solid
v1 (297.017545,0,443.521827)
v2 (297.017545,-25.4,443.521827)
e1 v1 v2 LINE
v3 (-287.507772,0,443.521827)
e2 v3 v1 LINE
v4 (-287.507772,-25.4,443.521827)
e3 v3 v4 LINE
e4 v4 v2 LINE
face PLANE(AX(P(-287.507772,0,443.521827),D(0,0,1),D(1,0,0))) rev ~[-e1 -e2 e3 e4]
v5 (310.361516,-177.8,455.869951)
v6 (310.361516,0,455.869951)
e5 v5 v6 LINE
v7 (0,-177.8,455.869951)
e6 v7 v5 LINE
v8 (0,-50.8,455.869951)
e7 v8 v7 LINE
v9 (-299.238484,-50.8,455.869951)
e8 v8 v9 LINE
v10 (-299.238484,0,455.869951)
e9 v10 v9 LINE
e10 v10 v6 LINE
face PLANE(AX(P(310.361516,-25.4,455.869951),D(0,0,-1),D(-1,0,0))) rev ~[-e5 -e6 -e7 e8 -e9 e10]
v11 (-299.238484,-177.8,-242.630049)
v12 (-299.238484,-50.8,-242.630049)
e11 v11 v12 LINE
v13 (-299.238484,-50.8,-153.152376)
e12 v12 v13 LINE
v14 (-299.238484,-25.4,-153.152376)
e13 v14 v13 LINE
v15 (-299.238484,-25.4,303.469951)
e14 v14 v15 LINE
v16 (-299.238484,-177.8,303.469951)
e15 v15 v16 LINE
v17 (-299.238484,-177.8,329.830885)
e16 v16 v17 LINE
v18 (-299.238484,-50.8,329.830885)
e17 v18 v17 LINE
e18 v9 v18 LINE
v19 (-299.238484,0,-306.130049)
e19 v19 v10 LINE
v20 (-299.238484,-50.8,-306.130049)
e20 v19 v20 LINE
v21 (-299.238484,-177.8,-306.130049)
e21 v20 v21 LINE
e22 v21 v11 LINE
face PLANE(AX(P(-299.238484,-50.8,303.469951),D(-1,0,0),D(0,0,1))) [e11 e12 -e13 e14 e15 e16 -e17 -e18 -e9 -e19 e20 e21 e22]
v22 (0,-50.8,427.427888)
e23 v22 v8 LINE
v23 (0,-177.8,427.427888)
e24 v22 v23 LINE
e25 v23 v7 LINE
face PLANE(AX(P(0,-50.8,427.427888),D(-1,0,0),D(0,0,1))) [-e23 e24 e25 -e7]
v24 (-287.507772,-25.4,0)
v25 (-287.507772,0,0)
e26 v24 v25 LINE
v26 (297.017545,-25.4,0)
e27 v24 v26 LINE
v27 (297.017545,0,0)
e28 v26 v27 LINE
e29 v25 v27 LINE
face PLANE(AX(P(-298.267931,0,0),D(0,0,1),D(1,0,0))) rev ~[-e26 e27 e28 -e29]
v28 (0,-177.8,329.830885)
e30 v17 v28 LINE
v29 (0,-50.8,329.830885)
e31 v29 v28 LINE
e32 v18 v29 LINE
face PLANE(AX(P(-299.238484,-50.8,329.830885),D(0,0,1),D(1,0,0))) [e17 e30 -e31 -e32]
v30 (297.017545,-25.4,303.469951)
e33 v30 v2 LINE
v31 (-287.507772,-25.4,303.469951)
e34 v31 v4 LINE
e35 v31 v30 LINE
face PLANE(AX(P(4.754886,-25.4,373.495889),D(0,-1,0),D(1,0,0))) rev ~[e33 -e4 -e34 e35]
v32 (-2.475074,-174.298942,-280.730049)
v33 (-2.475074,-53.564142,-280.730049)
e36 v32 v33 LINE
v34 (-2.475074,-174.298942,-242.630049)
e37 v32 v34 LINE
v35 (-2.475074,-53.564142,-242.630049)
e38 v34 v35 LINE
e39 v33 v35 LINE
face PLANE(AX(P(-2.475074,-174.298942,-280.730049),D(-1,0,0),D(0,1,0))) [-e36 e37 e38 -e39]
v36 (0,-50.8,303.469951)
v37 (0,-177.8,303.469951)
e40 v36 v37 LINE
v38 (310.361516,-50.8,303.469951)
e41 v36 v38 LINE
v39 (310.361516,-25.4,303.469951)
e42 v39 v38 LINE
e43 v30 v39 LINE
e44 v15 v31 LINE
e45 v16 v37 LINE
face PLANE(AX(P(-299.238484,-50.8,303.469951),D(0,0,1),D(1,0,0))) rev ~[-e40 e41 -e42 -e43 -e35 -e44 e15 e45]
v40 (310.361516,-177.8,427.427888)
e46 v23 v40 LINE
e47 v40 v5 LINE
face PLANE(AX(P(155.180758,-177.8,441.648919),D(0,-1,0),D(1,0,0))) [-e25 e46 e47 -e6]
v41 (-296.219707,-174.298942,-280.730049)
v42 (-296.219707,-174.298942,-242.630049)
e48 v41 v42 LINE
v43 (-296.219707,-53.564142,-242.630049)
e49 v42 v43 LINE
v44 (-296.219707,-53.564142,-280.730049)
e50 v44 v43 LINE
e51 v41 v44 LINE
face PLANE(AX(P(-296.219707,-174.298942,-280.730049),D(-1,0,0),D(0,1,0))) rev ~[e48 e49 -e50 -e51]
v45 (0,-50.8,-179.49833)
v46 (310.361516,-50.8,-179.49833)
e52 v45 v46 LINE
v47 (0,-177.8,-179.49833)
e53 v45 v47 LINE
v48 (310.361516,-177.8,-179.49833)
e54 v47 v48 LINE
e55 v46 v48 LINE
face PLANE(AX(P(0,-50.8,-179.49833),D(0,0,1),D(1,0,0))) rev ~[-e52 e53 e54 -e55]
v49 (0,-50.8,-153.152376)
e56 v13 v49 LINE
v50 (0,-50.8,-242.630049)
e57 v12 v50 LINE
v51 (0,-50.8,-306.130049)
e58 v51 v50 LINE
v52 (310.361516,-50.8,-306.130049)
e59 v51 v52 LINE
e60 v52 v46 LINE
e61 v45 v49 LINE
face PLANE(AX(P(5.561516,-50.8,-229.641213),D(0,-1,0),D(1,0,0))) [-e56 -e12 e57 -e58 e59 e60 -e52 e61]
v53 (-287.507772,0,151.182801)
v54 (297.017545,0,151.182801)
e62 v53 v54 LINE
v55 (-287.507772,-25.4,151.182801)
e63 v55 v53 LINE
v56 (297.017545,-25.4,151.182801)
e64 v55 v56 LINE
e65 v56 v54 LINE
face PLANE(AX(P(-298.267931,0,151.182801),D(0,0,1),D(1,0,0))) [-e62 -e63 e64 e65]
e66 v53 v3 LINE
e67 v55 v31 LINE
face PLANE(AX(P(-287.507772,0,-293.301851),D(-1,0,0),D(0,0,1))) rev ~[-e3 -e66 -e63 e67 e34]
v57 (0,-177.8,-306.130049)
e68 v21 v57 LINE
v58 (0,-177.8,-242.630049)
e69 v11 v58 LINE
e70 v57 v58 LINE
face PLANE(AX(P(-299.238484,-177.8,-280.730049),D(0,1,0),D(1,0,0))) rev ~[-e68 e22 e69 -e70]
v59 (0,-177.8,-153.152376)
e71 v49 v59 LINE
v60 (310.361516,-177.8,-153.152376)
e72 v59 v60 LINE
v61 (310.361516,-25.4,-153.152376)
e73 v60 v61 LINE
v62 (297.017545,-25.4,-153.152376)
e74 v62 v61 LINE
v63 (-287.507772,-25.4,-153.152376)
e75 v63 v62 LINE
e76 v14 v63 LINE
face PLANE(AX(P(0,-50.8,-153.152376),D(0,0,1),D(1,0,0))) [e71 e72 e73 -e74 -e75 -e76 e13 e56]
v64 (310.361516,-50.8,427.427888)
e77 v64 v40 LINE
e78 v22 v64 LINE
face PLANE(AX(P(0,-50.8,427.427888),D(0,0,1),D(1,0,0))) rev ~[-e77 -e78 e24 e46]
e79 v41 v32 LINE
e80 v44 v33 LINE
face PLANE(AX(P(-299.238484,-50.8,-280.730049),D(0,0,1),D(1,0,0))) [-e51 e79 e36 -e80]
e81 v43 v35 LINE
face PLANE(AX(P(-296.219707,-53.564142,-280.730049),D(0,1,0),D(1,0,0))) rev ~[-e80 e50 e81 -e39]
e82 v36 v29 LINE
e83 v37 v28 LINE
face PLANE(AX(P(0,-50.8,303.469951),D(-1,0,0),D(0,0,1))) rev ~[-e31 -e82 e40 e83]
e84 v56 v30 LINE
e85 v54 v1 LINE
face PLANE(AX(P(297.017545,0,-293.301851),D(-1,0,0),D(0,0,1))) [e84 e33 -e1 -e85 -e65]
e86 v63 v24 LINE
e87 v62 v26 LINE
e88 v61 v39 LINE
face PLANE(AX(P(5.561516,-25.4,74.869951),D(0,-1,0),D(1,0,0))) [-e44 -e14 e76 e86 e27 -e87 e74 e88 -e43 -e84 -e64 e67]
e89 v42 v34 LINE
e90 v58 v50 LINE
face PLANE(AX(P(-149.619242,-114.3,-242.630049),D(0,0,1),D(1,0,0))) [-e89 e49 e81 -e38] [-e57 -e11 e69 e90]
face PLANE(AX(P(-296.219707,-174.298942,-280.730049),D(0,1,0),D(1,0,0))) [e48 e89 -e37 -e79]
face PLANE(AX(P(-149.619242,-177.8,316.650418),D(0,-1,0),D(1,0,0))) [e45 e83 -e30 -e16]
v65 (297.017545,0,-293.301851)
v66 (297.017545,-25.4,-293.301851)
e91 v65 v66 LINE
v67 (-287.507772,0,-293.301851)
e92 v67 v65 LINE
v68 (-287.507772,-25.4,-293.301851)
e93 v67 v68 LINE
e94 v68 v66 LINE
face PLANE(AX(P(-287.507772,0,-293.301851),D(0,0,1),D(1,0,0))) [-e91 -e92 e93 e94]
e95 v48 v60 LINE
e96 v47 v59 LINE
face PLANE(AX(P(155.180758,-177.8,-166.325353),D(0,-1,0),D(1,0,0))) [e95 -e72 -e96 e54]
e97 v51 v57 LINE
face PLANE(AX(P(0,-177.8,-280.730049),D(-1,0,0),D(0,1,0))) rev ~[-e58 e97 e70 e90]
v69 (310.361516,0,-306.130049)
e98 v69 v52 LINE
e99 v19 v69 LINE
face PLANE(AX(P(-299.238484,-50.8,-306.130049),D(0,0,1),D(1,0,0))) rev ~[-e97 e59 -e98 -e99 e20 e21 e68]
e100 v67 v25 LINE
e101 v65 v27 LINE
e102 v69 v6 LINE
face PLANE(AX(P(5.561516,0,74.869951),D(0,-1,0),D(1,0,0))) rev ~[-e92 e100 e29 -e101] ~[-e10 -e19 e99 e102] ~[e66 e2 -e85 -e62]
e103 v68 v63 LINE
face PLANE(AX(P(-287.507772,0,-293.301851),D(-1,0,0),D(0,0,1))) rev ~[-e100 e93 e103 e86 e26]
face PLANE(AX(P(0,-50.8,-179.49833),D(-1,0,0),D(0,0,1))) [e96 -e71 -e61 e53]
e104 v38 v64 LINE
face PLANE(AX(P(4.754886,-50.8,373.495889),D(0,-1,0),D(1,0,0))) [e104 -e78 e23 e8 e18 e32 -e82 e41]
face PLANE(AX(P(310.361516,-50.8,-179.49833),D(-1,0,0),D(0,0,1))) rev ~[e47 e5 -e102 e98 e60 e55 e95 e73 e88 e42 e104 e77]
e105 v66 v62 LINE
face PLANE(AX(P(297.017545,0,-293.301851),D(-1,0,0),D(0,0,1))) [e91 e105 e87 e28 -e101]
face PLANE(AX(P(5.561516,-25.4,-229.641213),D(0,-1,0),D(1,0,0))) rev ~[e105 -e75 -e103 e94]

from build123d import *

# Parameters (mm, degrees)
F0_W      = 609.6
F0_H      = 762
F0_W_2    = 584.5253169537
F0_H_2    = 736.8236780167
F1_DEPTH  = 25.4
F2_W      = 584.5253169537
F2_H      = 140.0518767754
F3_DEPTH  = 25.4
F4_W      = 609.6
F4_H      = 152.9776729027
F5_DEPTH  = 25.4
F6_W      = 607.6588928699
F6_H      = 151.1828005314
F7_DEPTH  = 25.4
F8_W      = 310.3615156889
F8_H      = 26.3459533453
F9_DEPTH  = 127
F10_W     = 299.2384843111
F10_H     = 25.4
F11_DEPTH = 127
F12_W     = 299.2384843111
F12_H     = 127
F12_W_2   = 293.7446322758
F12_H_2   = 120.7347996533
F13_DEPTH = 38.1
F14_W     = 299.2384843111
F14_H     = 26.3609342495
F14_W_2   = 310.3615156889
F14_H_2   = 28.4420627674
F15_DEPTH = 127


with BuildPart() as f1:
    # F0 (on Front) → F1 (new body)
    with BuildSketch(Plane.XZ):
        with Locations((5.5615156889, 74.8699506839)):
            Rectangle(F0_W, F0_H)
        with Locations((4.7548860312, 75.109988451)):
            Rectangle(F0_W_2, F0_H_2, mode=Mode.SUBTRACT)
    extrude(amount=F1_DEPTH)

    # F2 (on face) → F3 (join)
    with BuildSketch(Plane.XZ.offset(25.4)):
        with Locations((4.7548860312, 373.4958890716)):
            Rectangle(F2_W, F2_H)
        Polygon((310.3615156889, 455.8699506839), (-299.2384843111, 455.8699506839), (-299.2384843111, 303.4699506839), (-287.5077724457, 303.4699506839), (-287.5077724457, 443.5218274593), (297.017544508, 443.5218274593), (297.017544508, 303.4699506839), (310.3615156889, 303.4699506839), align=None)
    extrude(amount=F3_DEPTH)

    # F4 (on face) → F5 (join)
    with BuildSketch(Plane.XZ.offset(25.4)):
        with Locations((5.5615156889, -229.6412128647)):
            Rectangle(F4_W, F4_H)
    extrude(amount=F5_DEPTH)

    # F6 (on Front) → F7 (join)
    with BuildSketch(Plane.XZ):
        with Locations((5.5615156889, 75.5914002657)):
            Rectangle(F6_W, F6_H)
    extrude(amount=F7_DEPTH)

    # F8 (on face) → F9 (join)
    with BuildSketch(Plane.XZ.offset(50.8)):
        with Locations((155.1807578444, -166.325353086)):
            Rectangle(F8_W, F8_H)
    extrude(amount=F9_DEPTH)

    # F10 (on face) → F11 (join)
    with BuildSketch(Plane.XZ.offset(50.8)):
        with Locations((-149.6192421556, -293.4300493161)):
            Rectangle(F10_W, F10_H)
    extrude(amount=F11_DEPTH)

    # F12 (on face) → F13 (join)
    with BuildSketch(Plane.XY.offset(-280.7300493161)):
        with Locations((-149.6192421556, -114.3)):
            Rectangle(F12_W, F12_H)
        with Locations((-149.3473903975, -113.9315422624)):
            Rectangle(F12_W_2, F12_H_2, mode=Mode.SUBTRACT)
    extrude(amount=F13_DEPTH)

    # F14 (on face) → F15 (join)
    with BuildSketch(Plane.XZ.offset(50.8)):
        with Locations((-149.6192421556, 316.6504178087)):
            Rectangle(F14_W, F14_H)
        with Locations((155.1807578444, 441.6489193003)):
            Rectangle(F14_W_2, F14_H_2)
    extrude(amount=F15_DEPTH)


solid = f1.part
